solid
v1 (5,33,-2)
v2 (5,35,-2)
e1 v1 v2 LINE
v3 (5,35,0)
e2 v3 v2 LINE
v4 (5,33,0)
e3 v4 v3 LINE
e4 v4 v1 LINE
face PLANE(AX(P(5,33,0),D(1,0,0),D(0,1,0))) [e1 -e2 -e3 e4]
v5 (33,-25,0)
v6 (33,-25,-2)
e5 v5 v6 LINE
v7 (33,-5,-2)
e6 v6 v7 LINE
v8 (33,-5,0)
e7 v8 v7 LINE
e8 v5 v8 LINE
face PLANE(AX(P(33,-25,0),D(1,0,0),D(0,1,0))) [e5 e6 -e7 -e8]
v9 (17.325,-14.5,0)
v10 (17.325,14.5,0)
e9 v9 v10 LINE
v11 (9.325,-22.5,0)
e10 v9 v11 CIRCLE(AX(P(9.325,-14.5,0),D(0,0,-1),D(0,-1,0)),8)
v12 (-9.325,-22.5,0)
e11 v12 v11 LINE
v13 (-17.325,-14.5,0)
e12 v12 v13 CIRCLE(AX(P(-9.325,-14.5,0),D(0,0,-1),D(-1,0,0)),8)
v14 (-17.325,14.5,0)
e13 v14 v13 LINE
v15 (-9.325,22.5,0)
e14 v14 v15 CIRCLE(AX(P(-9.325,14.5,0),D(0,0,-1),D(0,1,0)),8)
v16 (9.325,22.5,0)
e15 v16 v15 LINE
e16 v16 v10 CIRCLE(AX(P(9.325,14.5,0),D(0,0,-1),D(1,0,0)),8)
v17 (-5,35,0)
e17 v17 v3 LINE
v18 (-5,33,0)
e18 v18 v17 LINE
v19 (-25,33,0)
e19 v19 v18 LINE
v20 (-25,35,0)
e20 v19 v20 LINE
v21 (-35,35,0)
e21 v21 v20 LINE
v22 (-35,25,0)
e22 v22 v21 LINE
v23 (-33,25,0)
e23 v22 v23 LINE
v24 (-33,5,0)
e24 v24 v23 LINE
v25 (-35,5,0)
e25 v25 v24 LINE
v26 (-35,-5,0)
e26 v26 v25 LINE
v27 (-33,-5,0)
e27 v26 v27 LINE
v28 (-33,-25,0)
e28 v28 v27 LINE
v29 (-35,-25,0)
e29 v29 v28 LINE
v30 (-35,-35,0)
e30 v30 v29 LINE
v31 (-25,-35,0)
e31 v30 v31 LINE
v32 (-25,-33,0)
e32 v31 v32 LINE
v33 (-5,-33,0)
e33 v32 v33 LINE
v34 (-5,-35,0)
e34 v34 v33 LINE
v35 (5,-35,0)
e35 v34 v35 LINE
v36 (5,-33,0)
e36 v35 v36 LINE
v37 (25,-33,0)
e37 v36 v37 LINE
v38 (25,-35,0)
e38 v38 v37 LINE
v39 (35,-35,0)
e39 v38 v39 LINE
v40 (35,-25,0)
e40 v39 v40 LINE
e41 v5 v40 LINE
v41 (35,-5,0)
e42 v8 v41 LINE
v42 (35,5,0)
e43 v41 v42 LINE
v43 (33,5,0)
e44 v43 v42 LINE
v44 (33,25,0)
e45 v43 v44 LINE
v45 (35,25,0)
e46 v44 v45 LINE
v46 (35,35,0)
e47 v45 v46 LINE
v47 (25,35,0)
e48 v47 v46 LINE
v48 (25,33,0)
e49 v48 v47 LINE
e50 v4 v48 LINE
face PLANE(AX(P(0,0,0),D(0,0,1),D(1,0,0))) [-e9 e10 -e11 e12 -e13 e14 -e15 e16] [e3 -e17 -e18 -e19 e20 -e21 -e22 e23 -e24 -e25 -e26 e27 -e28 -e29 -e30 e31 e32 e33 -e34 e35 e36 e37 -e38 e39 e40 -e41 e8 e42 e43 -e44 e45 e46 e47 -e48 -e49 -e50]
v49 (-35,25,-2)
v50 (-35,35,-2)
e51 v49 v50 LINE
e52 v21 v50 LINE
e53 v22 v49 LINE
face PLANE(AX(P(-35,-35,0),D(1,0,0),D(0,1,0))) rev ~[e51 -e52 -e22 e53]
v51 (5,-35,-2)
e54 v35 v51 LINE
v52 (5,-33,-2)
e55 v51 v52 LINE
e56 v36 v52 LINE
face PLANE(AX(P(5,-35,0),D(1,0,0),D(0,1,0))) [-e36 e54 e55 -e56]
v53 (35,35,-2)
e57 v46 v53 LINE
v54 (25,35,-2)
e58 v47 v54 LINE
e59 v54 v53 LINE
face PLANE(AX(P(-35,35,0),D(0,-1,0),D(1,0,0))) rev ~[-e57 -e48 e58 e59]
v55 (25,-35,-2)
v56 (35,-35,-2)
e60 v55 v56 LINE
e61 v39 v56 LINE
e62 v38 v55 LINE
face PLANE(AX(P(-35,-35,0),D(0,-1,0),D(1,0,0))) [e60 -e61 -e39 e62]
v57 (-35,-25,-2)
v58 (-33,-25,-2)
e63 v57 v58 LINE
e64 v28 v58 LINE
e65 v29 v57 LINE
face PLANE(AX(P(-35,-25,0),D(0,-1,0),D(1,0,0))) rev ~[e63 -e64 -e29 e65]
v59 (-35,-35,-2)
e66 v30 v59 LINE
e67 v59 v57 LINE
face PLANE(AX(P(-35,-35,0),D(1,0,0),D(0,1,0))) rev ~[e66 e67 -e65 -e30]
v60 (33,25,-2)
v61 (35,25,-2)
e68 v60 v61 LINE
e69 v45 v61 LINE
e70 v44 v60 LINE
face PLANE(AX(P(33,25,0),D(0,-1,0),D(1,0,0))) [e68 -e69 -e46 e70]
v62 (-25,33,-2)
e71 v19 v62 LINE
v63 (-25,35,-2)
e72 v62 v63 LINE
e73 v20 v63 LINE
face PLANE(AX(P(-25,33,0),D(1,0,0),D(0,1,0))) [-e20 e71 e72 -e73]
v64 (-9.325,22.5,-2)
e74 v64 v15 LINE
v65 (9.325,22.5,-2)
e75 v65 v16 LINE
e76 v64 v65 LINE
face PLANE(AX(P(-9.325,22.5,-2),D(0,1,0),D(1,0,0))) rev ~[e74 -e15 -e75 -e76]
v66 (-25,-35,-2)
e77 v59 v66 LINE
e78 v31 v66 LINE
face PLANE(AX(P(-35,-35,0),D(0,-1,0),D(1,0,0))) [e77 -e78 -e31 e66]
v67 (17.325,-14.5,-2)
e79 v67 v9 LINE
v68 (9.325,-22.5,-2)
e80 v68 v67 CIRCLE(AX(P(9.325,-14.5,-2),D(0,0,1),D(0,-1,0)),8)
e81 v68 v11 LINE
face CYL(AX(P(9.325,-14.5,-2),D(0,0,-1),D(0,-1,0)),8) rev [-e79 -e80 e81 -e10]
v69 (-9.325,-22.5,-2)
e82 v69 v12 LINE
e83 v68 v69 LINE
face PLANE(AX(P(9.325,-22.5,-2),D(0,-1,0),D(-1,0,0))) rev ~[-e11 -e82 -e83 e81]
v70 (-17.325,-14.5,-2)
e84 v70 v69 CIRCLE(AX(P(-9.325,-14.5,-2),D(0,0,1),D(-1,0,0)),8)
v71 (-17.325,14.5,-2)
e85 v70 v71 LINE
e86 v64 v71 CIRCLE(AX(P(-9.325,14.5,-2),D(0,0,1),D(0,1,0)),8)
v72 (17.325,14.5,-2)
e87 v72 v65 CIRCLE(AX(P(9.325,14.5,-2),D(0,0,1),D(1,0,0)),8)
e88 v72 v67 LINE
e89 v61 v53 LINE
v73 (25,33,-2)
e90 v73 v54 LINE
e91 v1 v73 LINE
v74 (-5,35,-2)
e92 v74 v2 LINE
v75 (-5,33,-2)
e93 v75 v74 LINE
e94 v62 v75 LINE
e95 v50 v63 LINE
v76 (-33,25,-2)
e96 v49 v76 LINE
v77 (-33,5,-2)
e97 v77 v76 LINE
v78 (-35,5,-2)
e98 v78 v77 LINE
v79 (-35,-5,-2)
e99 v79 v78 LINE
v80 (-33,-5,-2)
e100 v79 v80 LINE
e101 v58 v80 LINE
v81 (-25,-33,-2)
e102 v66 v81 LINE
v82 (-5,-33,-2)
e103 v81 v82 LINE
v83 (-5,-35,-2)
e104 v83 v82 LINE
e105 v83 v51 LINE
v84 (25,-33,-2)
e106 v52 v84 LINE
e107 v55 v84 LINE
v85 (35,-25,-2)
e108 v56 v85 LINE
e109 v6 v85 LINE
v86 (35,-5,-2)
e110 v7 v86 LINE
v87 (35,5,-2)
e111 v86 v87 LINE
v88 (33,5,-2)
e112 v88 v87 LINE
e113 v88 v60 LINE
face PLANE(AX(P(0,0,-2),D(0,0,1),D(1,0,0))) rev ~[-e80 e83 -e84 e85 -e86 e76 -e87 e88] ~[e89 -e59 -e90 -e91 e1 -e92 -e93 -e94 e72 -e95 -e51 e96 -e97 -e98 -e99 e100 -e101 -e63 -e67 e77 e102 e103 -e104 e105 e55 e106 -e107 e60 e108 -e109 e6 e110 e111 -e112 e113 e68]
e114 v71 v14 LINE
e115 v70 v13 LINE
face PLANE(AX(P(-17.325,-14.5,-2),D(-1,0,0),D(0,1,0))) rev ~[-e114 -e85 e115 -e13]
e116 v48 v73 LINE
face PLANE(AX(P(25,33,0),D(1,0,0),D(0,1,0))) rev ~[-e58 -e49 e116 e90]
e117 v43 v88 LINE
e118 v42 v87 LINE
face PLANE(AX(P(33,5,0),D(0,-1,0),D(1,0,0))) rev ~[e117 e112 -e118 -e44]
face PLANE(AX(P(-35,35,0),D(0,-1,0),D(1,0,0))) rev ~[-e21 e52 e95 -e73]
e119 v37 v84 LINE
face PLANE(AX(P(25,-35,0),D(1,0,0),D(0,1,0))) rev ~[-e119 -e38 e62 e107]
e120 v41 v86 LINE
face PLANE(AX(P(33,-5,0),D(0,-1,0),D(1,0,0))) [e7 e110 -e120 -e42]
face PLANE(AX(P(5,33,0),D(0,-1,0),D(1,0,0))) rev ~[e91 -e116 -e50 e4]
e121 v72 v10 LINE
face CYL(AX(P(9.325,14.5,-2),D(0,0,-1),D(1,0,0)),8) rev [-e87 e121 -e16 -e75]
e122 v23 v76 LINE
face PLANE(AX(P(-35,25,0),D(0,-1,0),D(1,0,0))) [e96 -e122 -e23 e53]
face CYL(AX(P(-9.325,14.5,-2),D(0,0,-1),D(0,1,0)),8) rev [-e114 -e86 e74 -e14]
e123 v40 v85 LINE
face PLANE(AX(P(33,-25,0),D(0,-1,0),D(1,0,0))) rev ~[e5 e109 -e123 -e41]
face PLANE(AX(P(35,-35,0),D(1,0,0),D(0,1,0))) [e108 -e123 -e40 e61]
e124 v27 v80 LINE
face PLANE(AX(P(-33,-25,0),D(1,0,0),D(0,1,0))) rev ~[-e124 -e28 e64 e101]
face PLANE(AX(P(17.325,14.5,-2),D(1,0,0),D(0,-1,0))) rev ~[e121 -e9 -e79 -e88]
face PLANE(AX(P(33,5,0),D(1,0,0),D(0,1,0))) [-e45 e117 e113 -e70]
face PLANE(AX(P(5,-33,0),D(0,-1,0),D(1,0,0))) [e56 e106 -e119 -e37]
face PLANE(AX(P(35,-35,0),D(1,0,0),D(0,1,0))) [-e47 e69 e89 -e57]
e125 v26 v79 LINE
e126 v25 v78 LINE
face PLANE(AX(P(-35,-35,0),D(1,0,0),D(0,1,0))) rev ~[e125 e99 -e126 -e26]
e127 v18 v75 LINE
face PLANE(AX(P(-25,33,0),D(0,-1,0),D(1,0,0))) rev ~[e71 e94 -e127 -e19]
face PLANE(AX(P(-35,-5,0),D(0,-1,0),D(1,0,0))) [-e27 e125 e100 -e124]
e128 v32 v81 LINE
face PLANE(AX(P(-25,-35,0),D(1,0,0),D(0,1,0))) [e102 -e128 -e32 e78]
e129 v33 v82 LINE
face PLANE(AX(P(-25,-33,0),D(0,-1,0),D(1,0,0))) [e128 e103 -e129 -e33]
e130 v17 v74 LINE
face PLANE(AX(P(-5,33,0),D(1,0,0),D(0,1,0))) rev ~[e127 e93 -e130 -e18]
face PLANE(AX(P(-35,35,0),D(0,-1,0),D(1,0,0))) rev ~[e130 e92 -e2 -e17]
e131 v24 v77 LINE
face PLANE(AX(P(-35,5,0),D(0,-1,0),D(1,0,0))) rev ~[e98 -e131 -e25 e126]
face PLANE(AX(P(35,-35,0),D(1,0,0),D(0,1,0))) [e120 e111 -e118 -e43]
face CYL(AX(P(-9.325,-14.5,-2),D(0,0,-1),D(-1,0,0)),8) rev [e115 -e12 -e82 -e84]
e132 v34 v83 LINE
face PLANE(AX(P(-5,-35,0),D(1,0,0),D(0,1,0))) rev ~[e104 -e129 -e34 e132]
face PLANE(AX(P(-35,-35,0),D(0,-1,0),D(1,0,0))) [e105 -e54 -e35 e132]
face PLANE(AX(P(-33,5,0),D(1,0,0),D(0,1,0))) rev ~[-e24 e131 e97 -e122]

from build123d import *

# Parameters (mm, degrees)
SKETCH1_W           = 70
SKETCH1_H           = 70
BOSS_EXTRUDE1_DEPTH = 2
SKETCH2_W           = 2
SKETCH2_H           = 20
SKETCH2_W_2         = 20
SKETCH2_H_2         = 2
CUT_EXTRUDE1_DEPTH  = 2
CUT_EXTRUDE2_DEPTH  = 10


with BuildPart() as part:
    # Sketch1 → Boss-Extrude1 (new body)
    with BuildSketch(Plane.XY):
        Rectangle(SKETCH1_W, SKETCH1_H)
    extrude(amount=-BOSS_EXTRUDE1_DEPTH)

    # Sketch2 → Cut-Extrude1 (cut)
    with BuildSketch(Plane.XY):
        with Locations((-34, 15)):
            Rectangle(SKETCH2_W, SKETCH2_H)
        with Locations((-34, -15)):
            Rectangle(SKETCH2_W, SKETCH2_H)
        with Locations((-15, -34)):
            Rectangle(SKETCH2_W_2, SKETCH2_H_2)
        with Locations((15, -34)):
            Rectangle(SKETCH2_W_2, SKETCH2_H_2)
        with Locations((34, -15)):
            Rectangle(SKETCH2_W, SKETCH2_H)
        with Locations((34, 15)):
            Rectangle(SKETCH2_W, SKETCH2_H)
        with Locations((15, 34)):
            Rectangle(SKETCH2_W_2, SKETCH2_H_2)
        with Locations((-15, 34)):
            Rectangle(SKETCH2_W_2, SKETCH2_H_2)
    extrude(amount=-CUT_EXTRUDE1_DEPTH, mode=Mode.SUBTRACT)

    # Sketch6 → Cut-Extrude2 (cut)
    with BuildSketch(Plane(origin=(0, 0, -2), x_dir=(-1, 0, 0), z_dir=(0, 0, -1))):
        Polygon((-9.325, -14.5), (-9.325, -22.5), (9.325, -22.5), (9.325, -14.5), (17.325, -14.5), (17.325, 14.5), (9.325, 14.5), (9.325, 22.5), (-9.325, 22.5), (-9.325, 14.5), (-17.325, 14.5), (-17.325, -14.5), align=None)
        with BuildLine():
            Line((-9.325, 22.5), (-9.325, 14.5))
            Line((-9.325, 14.5), (-17.325, 14.5))
            ThreePointArc((-17.325, 14.5), (-14.981854249, 20.156854249), (-9.325, 22.5))
        make_face()
        with BuildLine():
            ThreePointArc((9.325, 22.5), (14.981854249, 20.156854249), (17.325, 14.5))
            Line((17.325, 14.5), (9.325, 14.5))
            Line((9.325, 14.5), (9.325, 22.5))
        make_face()
        with BuildLine():
            ThreePointArc((-9.325, -22.5), (-14.981854249, -20.156854249), (-17.325, -14.5))
            Line((-17.325, -14.5), (-9.325, -14.5))
            Line((-9.325, -14.5), (-9.325, -22.5))
        make_face()
        with BuildLine():
            Line((9.325, -22.5), (9.325, -14.5))
            Line((9.325, -14.5), (17.325, -14.5))
            ThreePointArc((17.325, -14.5), (14.981854249, -20.156854249), (9.325, -22.5))
        make_face()
    extrude(amount=-CUT_EXTRUDE2_DEPTH, mode=Mode.SUBTRACT)


solid = part.part
